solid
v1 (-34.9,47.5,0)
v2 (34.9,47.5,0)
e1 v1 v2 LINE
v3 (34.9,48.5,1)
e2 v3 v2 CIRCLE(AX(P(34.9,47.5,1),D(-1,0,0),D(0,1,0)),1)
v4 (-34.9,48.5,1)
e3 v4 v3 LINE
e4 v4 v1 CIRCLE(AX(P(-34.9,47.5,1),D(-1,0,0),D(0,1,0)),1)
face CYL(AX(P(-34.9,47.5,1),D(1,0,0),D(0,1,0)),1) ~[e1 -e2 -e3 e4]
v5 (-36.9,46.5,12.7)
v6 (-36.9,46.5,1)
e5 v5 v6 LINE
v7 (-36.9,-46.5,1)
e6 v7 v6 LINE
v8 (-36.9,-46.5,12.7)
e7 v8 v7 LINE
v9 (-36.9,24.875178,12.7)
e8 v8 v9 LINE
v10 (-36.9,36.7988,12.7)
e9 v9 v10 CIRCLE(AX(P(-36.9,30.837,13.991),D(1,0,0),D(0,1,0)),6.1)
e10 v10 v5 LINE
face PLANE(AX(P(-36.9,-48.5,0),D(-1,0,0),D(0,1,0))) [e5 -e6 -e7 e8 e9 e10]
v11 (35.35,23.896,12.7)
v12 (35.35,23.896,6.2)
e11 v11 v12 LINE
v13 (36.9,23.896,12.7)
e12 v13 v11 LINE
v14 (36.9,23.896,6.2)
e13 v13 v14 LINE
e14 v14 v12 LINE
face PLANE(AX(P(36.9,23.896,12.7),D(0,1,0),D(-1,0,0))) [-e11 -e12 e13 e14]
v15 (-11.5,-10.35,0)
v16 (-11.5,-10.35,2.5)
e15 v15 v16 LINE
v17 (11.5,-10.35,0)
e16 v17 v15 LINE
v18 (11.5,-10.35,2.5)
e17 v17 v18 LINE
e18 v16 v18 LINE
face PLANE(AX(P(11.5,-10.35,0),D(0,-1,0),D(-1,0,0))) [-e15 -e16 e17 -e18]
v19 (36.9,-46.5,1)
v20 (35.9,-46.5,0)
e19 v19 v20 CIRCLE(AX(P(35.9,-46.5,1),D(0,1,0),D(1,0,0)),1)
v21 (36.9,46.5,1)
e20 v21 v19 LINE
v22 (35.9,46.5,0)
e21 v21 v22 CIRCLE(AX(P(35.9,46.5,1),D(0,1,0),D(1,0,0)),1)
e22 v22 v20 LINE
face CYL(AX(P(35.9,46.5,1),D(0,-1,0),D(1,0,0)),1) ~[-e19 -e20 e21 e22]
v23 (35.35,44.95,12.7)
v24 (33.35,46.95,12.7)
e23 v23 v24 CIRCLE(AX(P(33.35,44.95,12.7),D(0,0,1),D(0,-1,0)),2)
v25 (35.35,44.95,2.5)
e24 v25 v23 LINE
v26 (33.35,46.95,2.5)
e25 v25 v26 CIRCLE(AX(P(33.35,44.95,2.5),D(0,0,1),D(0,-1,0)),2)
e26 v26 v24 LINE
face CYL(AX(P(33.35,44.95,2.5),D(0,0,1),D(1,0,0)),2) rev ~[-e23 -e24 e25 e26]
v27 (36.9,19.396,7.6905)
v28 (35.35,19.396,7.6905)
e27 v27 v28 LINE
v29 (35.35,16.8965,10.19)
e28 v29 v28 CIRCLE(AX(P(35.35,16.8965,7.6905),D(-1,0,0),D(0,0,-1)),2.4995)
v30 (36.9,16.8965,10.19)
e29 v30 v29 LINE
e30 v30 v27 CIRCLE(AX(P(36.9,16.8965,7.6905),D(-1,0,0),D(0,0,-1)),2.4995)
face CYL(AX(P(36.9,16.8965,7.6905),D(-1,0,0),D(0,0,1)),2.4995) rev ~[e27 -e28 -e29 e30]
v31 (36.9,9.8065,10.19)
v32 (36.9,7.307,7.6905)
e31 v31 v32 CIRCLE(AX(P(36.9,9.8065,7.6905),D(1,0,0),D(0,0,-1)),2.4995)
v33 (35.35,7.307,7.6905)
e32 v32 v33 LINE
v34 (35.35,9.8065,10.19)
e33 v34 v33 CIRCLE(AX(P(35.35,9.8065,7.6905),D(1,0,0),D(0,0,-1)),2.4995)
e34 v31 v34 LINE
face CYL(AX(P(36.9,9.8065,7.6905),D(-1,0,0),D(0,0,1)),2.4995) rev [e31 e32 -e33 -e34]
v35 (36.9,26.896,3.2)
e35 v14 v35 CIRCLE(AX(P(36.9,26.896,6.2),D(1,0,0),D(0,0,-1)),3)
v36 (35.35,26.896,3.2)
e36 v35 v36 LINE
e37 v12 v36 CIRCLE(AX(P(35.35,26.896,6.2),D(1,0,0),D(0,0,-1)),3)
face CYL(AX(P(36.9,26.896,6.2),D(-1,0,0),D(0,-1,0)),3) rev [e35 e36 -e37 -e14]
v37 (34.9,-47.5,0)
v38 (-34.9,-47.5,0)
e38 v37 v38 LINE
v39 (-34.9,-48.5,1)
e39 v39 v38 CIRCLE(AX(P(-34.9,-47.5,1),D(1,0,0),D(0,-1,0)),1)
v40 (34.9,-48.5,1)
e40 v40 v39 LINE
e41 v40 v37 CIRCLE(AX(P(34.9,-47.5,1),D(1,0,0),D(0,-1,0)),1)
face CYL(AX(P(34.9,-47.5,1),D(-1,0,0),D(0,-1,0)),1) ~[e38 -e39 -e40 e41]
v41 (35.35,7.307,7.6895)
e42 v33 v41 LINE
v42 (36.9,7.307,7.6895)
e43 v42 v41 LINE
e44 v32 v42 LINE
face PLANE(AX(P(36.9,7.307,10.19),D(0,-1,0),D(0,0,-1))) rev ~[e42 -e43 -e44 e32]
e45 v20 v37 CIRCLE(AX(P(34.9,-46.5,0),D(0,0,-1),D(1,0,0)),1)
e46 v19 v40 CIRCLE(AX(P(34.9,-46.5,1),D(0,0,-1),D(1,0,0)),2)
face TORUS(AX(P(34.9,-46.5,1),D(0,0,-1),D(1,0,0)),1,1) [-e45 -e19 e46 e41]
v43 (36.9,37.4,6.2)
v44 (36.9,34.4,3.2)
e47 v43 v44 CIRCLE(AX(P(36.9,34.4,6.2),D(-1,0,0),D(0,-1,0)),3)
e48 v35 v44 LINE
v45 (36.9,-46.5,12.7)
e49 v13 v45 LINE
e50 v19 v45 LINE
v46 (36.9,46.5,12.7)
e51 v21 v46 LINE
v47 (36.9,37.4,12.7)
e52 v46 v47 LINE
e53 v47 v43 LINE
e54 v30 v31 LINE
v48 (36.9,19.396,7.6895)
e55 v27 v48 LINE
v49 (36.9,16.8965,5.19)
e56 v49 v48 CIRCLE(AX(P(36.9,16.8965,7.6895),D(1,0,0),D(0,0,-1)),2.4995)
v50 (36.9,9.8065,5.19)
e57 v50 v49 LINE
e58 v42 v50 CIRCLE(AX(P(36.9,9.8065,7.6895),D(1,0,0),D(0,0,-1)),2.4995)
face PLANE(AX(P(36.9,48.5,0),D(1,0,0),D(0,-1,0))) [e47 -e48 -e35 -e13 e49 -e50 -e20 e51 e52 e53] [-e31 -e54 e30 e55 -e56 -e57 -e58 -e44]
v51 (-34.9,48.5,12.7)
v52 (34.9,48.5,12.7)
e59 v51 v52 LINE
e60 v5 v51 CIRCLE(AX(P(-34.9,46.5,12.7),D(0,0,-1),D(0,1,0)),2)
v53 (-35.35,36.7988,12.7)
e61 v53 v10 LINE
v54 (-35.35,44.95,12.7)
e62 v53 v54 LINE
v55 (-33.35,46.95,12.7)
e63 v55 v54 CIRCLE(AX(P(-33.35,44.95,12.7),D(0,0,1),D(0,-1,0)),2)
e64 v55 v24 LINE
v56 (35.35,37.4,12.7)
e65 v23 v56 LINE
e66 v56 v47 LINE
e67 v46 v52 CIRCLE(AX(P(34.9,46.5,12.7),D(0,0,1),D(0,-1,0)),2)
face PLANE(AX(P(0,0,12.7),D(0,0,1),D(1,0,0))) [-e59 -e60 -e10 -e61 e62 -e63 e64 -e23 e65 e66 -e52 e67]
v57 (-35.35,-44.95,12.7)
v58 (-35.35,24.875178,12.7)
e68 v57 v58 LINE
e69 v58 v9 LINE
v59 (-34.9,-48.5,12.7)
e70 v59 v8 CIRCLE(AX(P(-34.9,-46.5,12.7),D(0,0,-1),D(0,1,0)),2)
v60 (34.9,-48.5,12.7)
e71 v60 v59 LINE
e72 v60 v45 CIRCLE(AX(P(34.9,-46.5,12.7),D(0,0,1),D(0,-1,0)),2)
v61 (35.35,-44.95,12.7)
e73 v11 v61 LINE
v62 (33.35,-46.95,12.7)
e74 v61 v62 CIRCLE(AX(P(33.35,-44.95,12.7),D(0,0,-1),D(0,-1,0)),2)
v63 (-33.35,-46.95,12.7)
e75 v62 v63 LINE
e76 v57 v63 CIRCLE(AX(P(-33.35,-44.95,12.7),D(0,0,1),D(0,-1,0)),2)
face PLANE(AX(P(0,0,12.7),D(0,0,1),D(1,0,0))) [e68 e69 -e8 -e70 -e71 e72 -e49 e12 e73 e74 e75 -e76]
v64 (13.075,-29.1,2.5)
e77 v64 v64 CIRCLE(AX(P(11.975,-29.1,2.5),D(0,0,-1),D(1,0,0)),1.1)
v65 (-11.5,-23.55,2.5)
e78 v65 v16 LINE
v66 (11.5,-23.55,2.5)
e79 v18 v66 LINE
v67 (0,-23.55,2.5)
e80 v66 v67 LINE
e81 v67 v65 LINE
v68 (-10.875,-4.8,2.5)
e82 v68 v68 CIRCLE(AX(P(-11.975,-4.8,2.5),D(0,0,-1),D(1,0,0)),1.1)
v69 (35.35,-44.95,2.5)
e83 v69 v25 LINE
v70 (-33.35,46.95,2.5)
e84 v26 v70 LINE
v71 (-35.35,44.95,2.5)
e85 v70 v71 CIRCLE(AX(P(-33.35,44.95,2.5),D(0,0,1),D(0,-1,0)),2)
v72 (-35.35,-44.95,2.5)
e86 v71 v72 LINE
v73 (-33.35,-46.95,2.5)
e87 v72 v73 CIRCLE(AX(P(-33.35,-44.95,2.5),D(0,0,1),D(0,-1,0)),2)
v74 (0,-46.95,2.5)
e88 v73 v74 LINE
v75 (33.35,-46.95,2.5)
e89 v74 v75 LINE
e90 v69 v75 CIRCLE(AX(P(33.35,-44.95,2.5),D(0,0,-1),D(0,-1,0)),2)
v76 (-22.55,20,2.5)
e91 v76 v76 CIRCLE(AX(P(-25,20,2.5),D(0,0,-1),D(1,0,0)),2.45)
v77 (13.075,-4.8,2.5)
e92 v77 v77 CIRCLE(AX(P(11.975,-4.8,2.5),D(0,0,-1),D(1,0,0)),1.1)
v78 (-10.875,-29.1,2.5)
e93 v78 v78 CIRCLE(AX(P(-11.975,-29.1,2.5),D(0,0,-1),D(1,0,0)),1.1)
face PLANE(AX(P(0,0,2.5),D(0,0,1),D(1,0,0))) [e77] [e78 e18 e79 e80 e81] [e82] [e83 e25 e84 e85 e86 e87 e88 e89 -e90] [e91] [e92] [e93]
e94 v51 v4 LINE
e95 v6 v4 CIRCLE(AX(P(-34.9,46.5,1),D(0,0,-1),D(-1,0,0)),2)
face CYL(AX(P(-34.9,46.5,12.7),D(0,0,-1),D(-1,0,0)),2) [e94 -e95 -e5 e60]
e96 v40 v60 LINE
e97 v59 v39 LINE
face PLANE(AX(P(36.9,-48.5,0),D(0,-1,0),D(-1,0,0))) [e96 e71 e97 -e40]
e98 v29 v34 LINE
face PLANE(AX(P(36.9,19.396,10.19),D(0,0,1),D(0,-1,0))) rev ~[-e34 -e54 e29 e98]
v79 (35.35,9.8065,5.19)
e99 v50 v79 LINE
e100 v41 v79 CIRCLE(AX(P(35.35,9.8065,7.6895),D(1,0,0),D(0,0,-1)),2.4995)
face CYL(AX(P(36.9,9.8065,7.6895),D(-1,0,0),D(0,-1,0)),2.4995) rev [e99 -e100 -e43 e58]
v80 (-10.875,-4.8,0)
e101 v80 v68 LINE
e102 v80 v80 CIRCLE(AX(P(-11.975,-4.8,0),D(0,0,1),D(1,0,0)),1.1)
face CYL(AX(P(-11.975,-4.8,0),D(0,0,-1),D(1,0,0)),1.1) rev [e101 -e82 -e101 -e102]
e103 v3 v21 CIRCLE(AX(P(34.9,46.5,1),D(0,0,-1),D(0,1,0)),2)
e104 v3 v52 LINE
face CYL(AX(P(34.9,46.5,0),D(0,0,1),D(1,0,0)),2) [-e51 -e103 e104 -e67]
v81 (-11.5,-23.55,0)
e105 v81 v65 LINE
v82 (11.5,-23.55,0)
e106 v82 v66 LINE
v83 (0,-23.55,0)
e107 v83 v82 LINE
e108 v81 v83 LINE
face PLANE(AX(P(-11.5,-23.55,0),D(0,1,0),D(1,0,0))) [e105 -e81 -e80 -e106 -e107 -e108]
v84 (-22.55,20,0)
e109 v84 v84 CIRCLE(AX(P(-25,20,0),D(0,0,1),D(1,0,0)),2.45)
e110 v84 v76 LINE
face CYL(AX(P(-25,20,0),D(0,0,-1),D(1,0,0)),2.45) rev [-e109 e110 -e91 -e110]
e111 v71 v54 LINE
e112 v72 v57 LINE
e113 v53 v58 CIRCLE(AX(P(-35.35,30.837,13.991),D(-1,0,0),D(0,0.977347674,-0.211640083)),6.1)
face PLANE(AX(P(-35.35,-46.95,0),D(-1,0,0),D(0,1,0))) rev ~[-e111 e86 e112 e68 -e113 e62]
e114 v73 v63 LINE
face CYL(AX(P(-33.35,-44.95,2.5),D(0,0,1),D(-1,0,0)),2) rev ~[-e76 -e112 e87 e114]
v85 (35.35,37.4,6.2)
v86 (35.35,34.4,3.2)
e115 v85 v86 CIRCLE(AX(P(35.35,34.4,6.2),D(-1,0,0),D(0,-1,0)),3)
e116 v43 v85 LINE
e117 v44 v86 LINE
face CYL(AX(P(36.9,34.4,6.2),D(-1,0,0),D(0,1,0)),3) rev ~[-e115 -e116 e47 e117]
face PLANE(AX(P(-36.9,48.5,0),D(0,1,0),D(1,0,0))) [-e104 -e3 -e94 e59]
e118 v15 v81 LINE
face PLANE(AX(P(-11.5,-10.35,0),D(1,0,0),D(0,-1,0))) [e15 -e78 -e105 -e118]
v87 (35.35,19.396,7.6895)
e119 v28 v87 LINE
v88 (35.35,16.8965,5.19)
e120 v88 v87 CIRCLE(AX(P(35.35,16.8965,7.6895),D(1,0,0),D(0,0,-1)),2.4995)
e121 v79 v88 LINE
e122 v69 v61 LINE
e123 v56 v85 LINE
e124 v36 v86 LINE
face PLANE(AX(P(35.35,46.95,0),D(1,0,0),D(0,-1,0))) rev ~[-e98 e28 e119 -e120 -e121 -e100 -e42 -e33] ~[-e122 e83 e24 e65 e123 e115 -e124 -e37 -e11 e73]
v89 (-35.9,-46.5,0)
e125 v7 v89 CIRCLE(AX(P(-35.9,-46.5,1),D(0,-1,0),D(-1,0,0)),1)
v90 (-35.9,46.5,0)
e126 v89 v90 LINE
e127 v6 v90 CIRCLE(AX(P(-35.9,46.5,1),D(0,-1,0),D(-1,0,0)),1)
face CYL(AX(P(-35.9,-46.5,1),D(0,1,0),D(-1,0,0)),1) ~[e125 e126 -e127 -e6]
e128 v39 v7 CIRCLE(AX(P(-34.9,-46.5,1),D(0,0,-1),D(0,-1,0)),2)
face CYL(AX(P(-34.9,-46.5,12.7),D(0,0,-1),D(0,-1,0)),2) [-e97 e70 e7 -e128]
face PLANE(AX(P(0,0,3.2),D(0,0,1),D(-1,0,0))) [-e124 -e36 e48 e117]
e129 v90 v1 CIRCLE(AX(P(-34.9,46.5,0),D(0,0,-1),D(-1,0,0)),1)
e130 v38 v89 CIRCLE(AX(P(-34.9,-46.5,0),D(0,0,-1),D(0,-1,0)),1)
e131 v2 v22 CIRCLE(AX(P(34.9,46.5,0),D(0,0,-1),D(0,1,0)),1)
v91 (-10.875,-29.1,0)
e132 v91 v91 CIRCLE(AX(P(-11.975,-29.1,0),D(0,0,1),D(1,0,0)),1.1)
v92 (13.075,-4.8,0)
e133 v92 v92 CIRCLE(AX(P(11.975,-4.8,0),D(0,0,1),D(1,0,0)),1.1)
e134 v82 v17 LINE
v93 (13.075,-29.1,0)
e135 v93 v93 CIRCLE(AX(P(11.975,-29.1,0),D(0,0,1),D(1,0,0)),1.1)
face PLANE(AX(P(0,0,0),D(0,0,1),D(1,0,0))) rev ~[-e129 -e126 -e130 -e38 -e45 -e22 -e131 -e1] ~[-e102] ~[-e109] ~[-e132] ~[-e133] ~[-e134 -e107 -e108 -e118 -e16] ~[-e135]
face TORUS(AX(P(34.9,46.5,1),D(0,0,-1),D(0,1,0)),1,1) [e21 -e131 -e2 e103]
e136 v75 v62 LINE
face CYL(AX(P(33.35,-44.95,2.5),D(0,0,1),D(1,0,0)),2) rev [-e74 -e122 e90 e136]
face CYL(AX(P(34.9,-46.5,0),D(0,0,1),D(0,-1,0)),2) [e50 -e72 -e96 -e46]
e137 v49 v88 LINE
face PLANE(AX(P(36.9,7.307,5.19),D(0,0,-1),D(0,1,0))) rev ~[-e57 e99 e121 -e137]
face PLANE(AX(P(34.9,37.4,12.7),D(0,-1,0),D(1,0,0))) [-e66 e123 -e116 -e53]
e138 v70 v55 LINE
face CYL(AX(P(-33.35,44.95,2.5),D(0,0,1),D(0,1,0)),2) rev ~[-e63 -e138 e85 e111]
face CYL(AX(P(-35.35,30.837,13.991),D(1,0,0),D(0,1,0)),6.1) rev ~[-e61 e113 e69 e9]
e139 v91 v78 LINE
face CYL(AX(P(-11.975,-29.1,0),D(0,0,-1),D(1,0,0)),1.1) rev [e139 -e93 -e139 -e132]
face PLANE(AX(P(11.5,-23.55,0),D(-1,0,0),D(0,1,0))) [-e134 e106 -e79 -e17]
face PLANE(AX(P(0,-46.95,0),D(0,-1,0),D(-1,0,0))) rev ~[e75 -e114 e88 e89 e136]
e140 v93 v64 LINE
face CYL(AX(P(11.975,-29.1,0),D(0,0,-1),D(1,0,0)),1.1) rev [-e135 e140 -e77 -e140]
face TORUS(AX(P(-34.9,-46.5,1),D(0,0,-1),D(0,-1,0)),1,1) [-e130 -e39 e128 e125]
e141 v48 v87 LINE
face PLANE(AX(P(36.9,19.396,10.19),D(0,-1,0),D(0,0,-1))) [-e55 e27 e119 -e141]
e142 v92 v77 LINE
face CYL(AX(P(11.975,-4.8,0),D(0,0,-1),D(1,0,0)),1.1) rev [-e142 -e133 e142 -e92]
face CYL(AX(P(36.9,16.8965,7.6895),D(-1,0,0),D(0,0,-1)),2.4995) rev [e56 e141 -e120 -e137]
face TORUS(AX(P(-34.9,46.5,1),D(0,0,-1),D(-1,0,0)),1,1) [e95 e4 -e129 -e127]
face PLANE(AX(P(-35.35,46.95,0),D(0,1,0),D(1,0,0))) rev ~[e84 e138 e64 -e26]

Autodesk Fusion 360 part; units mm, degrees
sketch "Sketch1" plane through (0, 0, 0) normal (0, 0, 1) x (1, 0, 0)
  line L0 (36.9, -48.5) -> (-36.9, -48.5)
  line L1 (-36.9, -48.5) -> (-36.9, 48.5)
  line L2 (-36.9, 48.5) -> (36.9, 48.5)
  line L3 (36.9, 48.5) -> (36.9, -48.5)
  line L4 (36.9, -48.5) -> (-36.9, 48.5) construction
  line L5 (-36.9, -48.5) -> (36.9, 48.5) construction
  line L6 (35.35, -46.95) -> (-35.35, -46.95)
  line L7 (-35.35, -46.95) -> (-35.35, 46.95)
  line L8 (-35.35, 46.95) -> (35.35, 46.95)
  line L9 (35.35, 46.95) -> (35.35, -46.95)
  line L10 (35.35, -46.95) -> (-35.35, 46.95) construction
  line L11 (-35.35, -46.95) -> (35.35, 46.95) construction
  line L12 (35.35, -46.95) -> (0, -46.95)
  line L13 (0, -46.95) -> (0, -16.95)
  line L14 (11.5, -10.35) -> (-11.5, -10.35)
  line L15 (-11.5, -10.35) -> (-11.5, -23.55)
  line L16 (-11.5, -23.55) -> (11.5, -23.55)
  line L17 (11.5, -23.55) -> (11.5, -10.35)
  line L18 (11.5, -10.35) -> (-11.5, -23.55) construction
  line L19 (-11.5, -10.35) -> (11.5, -23.55) construction
  line L20 (13.775, -30.9) -> (-13.775, -30.9)
  line L21 (-13.775, -30.9) -> (-13.775, -3)
  line L22 (-13.775, -3) -> (13.775, -3)
  line L23 (13.775, -3) -> (13.775, -30.9)
  line L24 (13.775, -30.9) -> (-13.775, -3) construction
  line L25 (-13.775, -30.9) -> (13.775, -3) construction
  line L26 (13.775, -3) -> (11.975, -3)
  line L27 (-13.775, -3) -> (-11.975, -3)
  line L28 (-13.775, -30.9) -> (-11.975, -30.9)
  line L29 (13.775, -30.9) -> (11.975, -30.9)
  line L30 (-11.975, -30.9) -> (-13.775, -30.9)
  line L31 (-13.775, -30.9) -> (-13.775, -29.1)
  line L32 (-13.775, -29.1) -> (-11.975, -29.1)
  line L33 (-11.975, -29.1) -> (-11.975, -30.9)
  line L34 (11.975, -30.9) -> (13.775, -30.9)
  line L35 (13.775, -30.9) -> (13.775, -29.1)
  line L36 (13.775, -29.1) -> (11.975, -29.1)
  line L37 (11.975, -29.1) -> (11.975, -30.9)
  line L38 (-11.975, -3) -> (-13.775, -3)
  line L39 (-13.775, -3) -> (-13.775, -4.8)
  line L40 (-13.775, -4.8) -> (-11.975, -4.8)
  line L41 (-11.975, -4.8) -> (-11.975, -3)
  line L42 (11.975, -3) -> (13.775, -3)
  line L43 (13.775, -3) -> (13.775, -4.8)
  line L44 (13.775, -4.8) -> (11.975, -4.8)
  line L45 (11.975, -4.8) -> (11.975, -3)
  circle A0 centre (-11.975, -4.8) radius 1.1
  circle A1 centre (11.975, -4.8) radius 1.1
  circle A2 centre (11.975, -29.1) radius 1.1
  circle A3 centre (-11.975, -29.1) radius 1.1
  circle A4 centre (-25, 20) radius 2.45
  point P0 (0, -16.95)
  point P1 (0, -16.95)
  dimension "d1" = 73.8
  dimension "d2" = 97
  dimension "d3" = 70.7
  dimension "d4" = 93.9
  dimension "d48" = 30
  dimension "d49" = 23
  dimension "d50" = 13.2
  dimension "d51" = 27.55
  dimension "d52" = 27.9
  dimension "d53" = 1.8
  dimension "d54" = 1.8
  dimension "d55" = 1.8
  dimension "d56" = 1.8
  dimension "d57" = 1.8
  dimension "d58" = 1.8
  dimension "d59" = 1.8
  dimension "d60" = 1.8
  dimension "d61" = 2.2
  dimension "d62" = 2.2
  dimension "d63" = 2.2
  dimension "d64" = 2.2
  dimension "d67" = 4.9
extrude "Extrude1" add sketch "Sketch1" along normal blind 2.5 contours L0 L1 L2 L3 | L14 L15 L16 L17 | L20 L21 L22 L23 L32 L33 L36 L37 L40 L41 L44 L45 A0 A1 A2 A3 | L6 L7 L8 L9 L12 | L20 L23 L29 L34 L35 L36 L37 A2 | L20 L21 L28 L30 L31 L32 L33 A3 | L36 L37 A2 | L36 L37 A2 | L32 L33 A3 | L32 L33 A3 | L22 L23 L26 L42 L43 L44 L45 A1 | L21 L22 L27 L38 L39 L40 L41 A0 | L44 L45 A1 | L44 L45 A1 | L40 L41 A0 | L40 L41 A0 | A4
extrude "Extrude2" add sketch "Sketch1" along normal blind 12.7 contours L0 L1 L2 L3
fillet "Fillet1" radius 2 8 edges at (-35.35, 46.95, 7.6) (35.35, 46.95, 7.6) (35.35, -46.95, 7.6) (-35.35, -46.95, 7.6) (-36.9, -48.5, 6.35) (36.9, -48.5, 6.35) (36.9, 48.5, 6.35) (-36.9, 48.5, 6.35)
fillet "Fillet2" radius 1 8 edges at (-36.3142, -47.9142, 0) (0, -48.5, 0) (36.3142, -47.9142, 0) (36.9, 0, 0) (36.3142, 47.9142, 0) (0, 48.5, 0) (-36.3142, 47.9142, 0) (-36.9, 0, 0)
sketch "Sketch2" plane through (0, 0, 12.7) normal (0, 0, 1) x (-1, 0, 0)
  line L0 (33.35, -46.95) -> (-33.35, -46.95)
  arc A0 (-35.35, -44.95) -> (-33.35, -46.95) centre (-33.35, -44.95) ccw
  line L1 (-35.35, -44.95) -> (-35.35, 44.95)
  arc A1 (-33.35, 46.95) -> (-35.35, 44.95) centre (-33.35, 44.95) ccw
  line L2 (-33.35, 46.95) -> (33.35, 46.95)
  arc A2 (35.35, 44.95) -> (33.35, 46.95) centre (33.35, 44.95) ccw
  line L3 (35.35, 44.95) -> (35.35, -44.95)
  arc A3 (33.35, -46.95) -> (35.35, -44.95) centre (33.35, -44.95) ccw
  arc A4 (34.9, -48.5) -> (36.9, -46.5) centre (34.9, -46.5) ccw
  line L4 (36.9, -46.5) -> (36.9, 46.5)
  arc A5 (36.9, 46.5) -> (34.9, 48.5) centre (34.9, 46.5) ccw
  line L5 (34.9, 48.5) -> (-34.9, 48.5)
  arc A6 (-34.9, 48.5) -> (-36.9, 46.5) centre (-34.9, 46.5) ccw
  line L6 (-36.9, 46.5) -> (-36.9, -46.5)
  arc A7 (-36.9, -46.5) -> (-34.9, -48.5) centre (-34.9, -46.5) ccw
  line L7 (-34.9, -48.5) -> (34.9, -48.5)
  line L8 (-34.9, 48.5) -> (-34.9, 37.6)
  line L9 (-34.9, 37.6) -> (-35.35, 37.6)
  line L10 (-35.35, 37.6) -> (-36.9, 37.6)
  line L11 (-36.9, 37.6) -> (-36.9, 24.096)
  line L12 (-36.9, 24.096) -> (-35.35, 24.096)
  line L13 (-35.35, 24.096) -> (-35.35, 37.6)
  line L14 (-34.9, 48.5) -> (-34.9, -48.5)
  line L15 (-34.9, -48.5) -> (-34.9, -37.6)
  line L16 (-34.9, -37.6) -> (-34.9, -24.096)
  line L17 (-34.9, -24.096) -> (-36.4, -24.096)
  line L18 (-36.9, -23.896) -> (-25.5, -23.896)
  line L19 (-25.5, -23.896) -> (-25.5, -37.4)
  line L20 (-25.5, -37.4) -> (-36.9, -37.4)
  line L21 (-36.9, -37.4) -> (-36.9, -23.896)
  line L22 (-36.9, -23.896) -> (-36.9, -19.396)
  line L23 (-34.9, -48.5) -> (-34.9, -37.6)
  line L24 (-34.9, -37.6) -> (-36.9, -37.5994)
  dimension "d13" = 10.9
  dimension "d14" = 13.504
  dimension "d19" = 10.9
  dimension "d20" = 13.504
  dimension "d21" = 1.5
  dimension "d22" = 13.504
  dimension "d31" = 4.5
  dimension "d47" = 10.9
extrude "Extrude5" cut sketch "Sketch2" against normal blind 9.5 contours L1 L14 L16 L17 L20 | L1 L6 L18 L20 L21
fillet "Fillet5" radius 3 2 edges at (36.125, 23.896, 3.2) (36.125, 37.4, 3.2)
sketch "Sketch3" plane through (36.9, 0, 0) normal (1, 0, 0) x (0, 1, 0)
  line L0 (37.4, 12.7) -> (37.4, 6.2)
  arc A0 (34.4, 3.2) -> (37.4, 6.2) centre (34.4, 6.2) ccw
  line L1 (34.4, 3.2) -> (26.896, 3.2)
  arc A1 (23.896, 6.2) -> (26.896, 3.2) centre (26.896, 6.2) ccw
  line L2 (23.896, 6.2) -> (23.896, 12.7)
  line L3 (23.896, 12.7) -> (-46.5, 12.7)
  line L4 (-46.5, 12.7) -> (-46.5, 1)
  line L5 (-46.5, 1) -> (46.5, 1)
  line L6 (46.5, 1) -> (46.5, 12.7)
  line L7 (46.5, 12.7) -> (37.4, 12.7)
  line L8 (23.896, 12.7) -> (19.396, 12.7)
  line L9 (19.396, 12.7) -> (19.396, 2.68)
  line L10 (19.396, 12.7) -> (19.396, 10.19)
  line L11 (19.396, 10.19) -> (7.307, 10.19)
  line L12 (7.307, 10.19) -> (7.307, 5.19)
  line L13 (7.307, 5.19) -> (19.396, 5.19)
  line L14 (19.396, 5.19) -> (19.396, 10.19)
  dimension "d32" = 4.5
  dimension "d33" = 10.02
  dimension "d34" = 2.51
  dimension "d35" = 12.089
  dimension "d36" = 5
extrude "Extrude6" cut sketch "Sketch3" against normal blind 2 contours L9 L11 L12 L13 L14
fillet "Fillet6" radius 2.5 4 edges at (36.125, 7.307, 10.19) (36.125, 19.396, 10.19) (36.125, 19.396, 5.19) (36.125, 7.307, 5.19)
sketch "Sketch4" plane through (-35.35, 0, 0) normal (1, 0, 0) x (0, 1, 0)
  line L0 (-44.95, 12.7) -> (-44.95, 2.5)
  line L1 (-44.95, 2.5) -> (44.95, 2.5)
  line L2 (44.95, 2.5) -> (44.95, 12.7)
  line L3 (44.95, 12.7) -> (-44.95, 12.7)
  line L4 (44.95, 12.7) -> (30.837, 12.7)
  line L5 (30.837, 12.7) -> (30.837, 7.306)
  line L6 (30.837, 12.7) -> (30.837, 2.5)
  line L7 (30.837, 2.5) -> (30.837, 13.991)
  circle A0 centre (30.837, 13.991) radius 6.1
  line L8 (36.7988, 12.7) -> (44.95, 12.7)
  dimension "d41" = 14.113
  dimension "d42" = 5.394
  dimension "d43" = 11.491
  dimension "d44" = 12.2
extrude "Extrude7" cut sketch "Sketch4" against normal blind 2 contours L3 L5 L6 L7 A0 | L3 L4 L5 L6 L7 A0
extrude "Extrude8" cut sketch "Sketch1" along normal blind 4 contours L14 L15 L16 L17 | L36 L37 A2 | L36 L37 A2 | L32 L33 A3 | L32 L33 A3 | L44 L45 A1 | L44 L45 A1 | L40 L41 A0 | L40 L41 A0
extrude "Extrude9" cut sketch "Sketch1" along normal blind 5 contours A4
